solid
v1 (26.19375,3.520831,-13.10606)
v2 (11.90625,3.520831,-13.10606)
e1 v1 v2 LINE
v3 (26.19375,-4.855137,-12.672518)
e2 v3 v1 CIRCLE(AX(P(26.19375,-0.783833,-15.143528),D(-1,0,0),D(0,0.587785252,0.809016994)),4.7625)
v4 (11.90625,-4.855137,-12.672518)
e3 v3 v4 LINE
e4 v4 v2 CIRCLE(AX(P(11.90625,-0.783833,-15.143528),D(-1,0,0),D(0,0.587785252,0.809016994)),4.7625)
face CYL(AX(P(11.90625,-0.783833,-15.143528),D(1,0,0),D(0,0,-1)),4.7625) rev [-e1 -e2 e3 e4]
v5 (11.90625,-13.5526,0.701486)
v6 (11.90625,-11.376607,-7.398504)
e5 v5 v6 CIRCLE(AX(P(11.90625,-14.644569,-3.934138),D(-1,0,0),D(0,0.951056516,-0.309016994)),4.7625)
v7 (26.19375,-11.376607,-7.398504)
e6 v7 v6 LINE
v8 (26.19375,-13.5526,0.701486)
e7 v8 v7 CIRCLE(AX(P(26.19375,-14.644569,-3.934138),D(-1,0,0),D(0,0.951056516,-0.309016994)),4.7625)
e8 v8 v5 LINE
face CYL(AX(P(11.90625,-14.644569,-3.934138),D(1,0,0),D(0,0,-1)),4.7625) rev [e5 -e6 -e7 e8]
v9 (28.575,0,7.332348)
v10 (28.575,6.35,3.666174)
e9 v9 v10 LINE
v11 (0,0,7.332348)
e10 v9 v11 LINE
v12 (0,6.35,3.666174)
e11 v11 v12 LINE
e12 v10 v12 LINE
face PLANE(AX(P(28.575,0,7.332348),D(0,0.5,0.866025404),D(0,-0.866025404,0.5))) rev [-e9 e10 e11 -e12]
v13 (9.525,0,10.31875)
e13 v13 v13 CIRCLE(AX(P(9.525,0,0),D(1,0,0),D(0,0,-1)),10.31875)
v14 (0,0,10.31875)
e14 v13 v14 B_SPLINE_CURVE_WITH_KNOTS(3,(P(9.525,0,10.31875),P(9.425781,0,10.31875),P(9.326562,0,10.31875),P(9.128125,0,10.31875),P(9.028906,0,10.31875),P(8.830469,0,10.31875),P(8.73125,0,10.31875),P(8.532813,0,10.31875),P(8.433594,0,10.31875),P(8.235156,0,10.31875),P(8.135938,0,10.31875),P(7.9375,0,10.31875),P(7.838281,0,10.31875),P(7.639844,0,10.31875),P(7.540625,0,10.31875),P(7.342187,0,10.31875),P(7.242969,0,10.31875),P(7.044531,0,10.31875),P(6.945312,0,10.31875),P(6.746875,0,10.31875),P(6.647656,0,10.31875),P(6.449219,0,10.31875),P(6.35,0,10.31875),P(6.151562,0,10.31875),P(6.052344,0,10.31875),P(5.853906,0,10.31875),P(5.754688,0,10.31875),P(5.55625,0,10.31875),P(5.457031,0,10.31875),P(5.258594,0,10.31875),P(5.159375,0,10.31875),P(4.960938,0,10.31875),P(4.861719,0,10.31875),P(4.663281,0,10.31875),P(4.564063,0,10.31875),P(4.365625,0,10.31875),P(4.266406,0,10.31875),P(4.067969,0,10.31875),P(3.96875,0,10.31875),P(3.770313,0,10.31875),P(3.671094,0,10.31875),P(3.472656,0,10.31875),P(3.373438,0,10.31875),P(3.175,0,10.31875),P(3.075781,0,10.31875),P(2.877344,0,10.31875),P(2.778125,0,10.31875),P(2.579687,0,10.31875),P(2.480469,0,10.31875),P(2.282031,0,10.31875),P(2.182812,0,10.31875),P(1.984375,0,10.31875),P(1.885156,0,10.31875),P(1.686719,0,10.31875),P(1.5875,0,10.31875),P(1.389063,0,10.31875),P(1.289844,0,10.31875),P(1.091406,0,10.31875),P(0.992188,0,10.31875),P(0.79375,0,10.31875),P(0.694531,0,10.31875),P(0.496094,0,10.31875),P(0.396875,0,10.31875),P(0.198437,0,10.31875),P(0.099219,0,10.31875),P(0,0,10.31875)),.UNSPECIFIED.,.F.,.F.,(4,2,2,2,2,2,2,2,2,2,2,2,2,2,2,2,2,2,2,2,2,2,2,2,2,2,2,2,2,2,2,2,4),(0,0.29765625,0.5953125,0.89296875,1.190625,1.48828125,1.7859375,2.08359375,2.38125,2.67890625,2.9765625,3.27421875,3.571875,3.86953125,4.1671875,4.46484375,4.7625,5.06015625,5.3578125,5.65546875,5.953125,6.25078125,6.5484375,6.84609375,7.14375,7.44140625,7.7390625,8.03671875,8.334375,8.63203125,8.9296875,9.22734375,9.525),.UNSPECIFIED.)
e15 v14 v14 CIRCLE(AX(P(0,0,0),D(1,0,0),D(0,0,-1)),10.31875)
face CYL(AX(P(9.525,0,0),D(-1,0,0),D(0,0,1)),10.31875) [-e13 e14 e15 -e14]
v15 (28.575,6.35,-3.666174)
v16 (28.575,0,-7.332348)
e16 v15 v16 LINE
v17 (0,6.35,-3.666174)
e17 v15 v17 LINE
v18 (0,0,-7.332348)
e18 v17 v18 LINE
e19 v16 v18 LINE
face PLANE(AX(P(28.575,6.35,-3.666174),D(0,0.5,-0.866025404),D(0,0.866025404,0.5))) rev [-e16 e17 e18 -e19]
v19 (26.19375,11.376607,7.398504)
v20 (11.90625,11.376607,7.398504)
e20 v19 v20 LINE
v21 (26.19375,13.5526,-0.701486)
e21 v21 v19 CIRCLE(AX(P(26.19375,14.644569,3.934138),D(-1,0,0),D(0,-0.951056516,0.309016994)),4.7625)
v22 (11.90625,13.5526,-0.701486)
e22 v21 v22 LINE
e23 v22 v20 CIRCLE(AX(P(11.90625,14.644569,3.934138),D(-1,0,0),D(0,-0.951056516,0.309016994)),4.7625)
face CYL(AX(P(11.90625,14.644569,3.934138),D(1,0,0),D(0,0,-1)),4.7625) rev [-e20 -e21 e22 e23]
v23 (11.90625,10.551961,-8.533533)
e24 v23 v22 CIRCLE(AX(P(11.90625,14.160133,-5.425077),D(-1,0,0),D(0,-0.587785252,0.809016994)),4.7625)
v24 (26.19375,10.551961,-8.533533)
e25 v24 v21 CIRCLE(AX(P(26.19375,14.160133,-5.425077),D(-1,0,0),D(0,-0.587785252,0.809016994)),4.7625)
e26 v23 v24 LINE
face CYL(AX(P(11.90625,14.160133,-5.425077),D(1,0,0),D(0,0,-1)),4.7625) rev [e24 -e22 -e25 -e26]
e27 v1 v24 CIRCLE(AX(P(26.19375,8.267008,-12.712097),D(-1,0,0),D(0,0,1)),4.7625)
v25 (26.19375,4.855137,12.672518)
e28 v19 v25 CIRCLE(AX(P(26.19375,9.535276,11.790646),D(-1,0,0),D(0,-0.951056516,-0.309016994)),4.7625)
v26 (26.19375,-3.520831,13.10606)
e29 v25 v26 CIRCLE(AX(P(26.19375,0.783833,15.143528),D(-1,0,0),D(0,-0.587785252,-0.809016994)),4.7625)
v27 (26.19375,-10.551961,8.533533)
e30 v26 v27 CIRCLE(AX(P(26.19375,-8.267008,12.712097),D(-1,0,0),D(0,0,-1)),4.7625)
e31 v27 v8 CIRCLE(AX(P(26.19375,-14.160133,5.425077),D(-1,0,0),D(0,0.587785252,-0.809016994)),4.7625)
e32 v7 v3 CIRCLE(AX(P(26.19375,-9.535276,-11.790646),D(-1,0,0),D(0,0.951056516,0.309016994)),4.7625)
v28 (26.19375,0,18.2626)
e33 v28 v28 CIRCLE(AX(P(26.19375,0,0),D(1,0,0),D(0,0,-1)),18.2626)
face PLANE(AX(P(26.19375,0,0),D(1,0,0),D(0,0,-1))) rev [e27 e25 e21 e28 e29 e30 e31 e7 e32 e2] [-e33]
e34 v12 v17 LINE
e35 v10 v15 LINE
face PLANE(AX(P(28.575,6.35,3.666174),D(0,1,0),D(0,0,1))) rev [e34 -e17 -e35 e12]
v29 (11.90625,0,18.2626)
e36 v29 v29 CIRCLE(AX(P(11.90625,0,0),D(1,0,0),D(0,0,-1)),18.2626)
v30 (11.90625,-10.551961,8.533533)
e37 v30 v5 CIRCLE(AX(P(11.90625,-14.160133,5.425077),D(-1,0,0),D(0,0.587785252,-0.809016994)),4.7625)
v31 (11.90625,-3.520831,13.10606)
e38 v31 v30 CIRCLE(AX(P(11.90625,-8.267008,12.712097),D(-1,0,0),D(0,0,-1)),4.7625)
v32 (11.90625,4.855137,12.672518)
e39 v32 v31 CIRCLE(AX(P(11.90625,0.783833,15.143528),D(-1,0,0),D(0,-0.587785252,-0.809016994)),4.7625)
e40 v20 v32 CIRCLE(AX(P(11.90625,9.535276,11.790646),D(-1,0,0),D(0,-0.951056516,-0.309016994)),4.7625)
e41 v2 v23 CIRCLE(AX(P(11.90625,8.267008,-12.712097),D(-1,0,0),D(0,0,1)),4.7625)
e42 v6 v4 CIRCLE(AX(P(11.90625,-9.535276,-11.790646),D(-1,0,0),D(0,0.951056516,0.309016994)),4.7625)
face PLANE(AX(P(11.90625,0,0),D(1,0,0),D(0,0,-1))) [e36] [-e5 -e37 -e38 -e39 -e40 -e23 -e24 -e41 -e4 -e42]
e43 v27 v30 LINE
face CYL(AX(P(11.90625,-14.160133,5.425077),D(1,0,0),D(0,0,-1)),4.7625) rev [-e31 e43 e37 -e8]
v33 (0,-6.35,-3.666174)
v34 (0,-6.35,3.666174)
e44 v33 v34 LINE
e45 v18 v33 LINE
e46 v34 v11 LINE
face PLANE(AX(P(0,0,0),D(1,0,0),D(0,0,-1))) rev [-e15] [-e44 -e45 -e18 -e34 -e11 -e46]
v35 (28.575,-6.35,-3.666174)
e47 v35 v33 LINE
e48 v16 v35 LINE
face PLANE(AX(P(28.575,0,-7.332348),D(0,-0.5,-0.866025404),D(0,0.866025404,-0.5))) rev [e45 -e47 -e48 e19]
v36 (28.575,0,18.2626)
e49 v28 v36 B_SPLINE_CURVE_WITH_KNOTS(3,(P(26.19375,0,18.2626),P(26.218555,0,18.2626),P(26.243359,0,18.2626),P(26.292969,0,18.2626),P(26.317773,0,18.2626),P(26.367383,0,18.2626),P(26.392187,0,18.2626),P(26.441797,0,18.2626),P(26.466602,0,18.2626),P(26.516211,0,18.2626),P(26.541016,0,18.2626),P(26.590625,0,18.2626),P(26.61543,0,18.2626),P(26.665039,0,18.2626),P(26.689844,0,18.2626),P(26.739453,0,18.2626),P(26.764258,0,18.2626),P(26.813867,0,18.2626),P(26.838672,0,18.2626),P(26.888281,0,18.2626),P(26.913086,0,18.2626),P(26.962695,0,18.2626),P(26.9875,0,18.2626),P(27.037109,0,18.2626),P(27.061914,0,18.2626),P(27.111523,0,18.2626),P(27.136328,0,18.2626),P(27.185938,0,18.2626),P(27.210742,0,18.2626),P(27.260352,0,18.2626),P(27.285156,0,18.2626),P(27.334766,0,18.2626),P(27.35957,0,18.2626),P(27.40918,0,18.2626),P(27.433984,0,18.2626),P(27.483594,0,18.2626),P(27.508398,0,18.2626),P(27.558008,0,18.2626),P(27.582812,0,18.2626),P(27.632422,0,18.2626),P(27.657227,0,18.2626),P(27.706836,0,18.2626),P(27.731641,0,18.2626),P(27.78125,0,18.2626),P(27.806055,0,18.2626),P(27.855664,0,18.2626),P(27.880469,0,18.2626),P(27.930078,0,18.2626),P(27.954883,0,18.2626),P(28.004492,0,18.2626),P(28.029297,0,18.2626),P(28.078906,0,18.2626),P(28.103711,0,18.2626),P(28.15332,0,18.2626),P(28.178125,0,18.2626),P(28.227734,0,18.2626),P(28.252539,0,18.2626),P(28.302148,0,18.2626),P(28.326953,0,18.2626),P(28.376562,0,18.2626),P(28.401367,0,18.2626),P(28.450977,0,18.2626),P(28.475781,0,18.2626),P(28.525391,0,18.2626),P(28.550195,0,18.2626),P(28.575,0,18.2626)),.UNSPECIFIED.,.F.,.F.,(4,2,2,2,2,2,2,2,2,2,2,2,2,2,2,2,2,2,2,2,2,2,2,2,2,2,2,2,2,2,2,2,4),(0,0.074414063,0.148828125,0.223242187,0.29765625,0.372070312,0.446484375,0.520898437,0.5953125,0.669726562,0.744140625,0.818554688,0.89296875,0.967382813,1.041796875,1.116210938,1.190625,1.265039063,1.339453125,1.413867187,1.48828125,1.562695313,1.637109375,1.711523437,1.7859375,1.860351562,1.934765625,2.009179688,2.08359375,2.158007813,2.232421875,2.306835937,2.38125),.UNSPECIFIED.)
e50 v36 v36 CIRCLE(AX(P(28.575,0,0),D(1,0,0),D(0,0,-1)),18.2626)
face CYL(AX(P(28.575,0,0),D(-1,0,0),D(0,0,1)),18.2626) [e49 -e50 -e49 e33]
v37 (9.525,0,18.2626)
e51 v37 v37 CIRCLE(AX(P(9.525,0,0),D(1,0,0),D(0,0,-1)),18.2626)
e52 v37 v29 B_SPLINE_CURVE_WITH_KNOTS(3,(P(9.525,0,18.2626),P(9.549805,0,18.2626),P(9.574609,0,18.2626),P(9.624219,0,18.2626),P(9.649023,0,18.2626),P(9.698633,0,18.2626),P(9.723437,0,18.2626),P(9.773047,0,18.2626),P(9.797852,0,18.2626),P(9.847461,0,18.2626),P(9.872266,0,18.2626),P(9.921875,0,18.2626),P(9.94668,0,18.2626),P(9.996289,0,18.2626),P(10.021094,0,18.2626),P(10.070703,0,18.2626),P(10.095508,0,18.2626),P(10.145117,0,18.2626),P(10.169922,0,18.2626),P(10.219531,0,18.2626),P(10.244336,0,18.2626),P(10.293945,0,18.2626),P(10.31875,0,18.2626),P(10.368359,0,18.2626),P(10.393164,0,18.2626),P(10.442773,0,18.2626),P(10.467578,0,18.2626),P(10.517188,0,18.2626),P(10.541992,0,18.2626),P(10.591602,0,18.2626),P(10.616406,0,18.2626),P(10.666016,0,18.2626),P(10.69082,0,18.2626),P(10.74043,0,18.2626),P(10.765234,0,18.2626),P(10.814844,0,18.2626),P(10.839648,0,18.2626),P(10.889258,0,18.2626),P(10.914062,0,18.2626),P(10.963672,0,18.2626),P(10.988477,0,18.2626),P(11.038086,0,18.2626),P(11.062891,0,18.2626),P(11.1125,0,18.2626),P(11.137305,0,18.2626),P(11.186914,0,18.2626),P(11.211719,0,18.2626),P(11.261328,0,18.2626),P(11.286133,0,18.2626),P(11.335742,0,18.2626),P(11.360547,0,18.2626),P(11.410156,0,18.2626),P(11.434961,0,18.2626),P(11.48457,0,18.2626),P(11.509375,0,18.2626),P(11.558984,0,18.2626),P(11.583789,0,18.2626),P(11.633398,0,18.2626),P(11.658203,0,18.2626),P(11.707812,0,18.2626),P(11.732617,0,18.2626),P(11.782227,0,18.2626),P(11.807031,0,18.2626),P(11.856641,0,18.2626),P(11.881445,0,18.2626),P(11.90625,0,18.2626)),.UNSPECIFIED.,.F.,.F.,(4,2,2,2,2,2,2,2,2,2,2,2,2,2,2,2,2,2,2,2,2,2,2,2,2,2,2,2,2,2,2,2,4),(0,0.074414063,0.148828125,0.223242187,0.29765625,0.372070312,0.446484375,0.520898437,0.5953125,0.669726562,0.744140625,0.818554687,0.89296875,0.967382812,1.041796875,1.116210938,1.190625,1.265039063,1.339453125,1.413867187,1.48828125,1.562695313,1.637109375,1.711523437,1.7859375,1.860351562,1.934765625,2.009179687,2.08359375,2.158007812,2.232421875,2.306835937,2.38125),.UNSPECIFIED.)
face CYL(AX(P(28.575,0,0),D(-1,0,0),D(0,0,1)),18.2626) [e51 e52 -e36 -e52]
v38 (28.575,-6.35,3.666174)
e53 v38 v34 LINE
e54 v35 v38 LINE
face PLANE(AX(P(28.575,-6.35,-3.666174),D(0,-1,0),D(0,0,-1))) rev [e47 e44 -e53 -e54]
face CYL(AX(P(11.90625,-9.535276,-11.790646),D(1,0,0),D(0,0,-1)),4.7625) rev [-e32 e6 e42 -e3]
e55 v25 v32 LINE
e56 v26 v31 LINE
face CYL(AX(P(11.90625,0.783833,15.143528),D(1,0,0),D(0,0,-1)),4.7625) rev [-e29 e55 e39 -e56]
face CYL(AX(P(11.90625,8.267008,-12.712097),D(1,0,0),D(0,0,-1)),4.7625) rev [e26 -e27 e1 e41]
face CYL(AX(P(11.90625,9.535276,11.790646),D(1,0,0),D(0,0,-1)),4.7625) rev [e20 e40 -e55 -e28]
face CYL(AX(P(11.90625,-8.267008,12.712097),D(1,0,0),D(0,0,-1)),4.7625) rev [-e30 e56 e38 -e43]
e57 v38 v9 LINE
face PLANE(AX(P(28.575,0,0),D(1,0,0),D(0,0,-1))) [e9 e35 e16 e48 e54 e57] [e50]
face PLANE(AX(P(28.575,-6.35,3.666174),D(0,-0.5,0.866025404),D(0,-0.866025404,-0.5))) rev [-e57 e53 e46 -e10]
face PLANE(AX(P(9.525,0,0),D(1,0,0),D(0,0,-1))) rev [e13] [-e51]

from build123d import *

# Parameters (mm, degrees)
SKETCH1_R           = 10.31875
BOSS_EXTRUDE1_DEPTH = 9.525
SKETCH2_R           = 18.2626
BOSS_EXTRUDE2_DEPTH = 19.05
CUT_EXTRUDE1_START  = -2.38125
SKETCH3_OUTSIDE_W   = 50.332
SKETCH3_OUTSIDE_H   = 50.332
SKETCH3_OUTSIDE_R   = 15.1638
CUT_EXTRUDE1_DEPTH  = 14.2875
CUT_EXTRUDE2_DEPTH  = 14.2875
CIRPATTERN1_COUNT   = 10
CUT_EXTRUDE3_DEPTH  = 39.517213587


with BuildPart() as part:
    # Sketch1 → Boss-Extrude1 (new body)
    with BuildSketch(Plane(origin=(0, 0, 0), x_dir=(0, 0, -1), z_dir=(1, 0, 0))):
        Circle(SKETCH1_R)
    extrude(amount=BOSS_EXTRUDE1_DEPTH)

    # Sketch2 → Boss-Extrude2 (add)
    with BuildSketch(Plane(origin=(9.525, 0, 0), x_dir=(0, 0, -1), z_dir=(1, 0, 0))):
        Circle(SKETCH2_R)
    extrude(amount=BOSS_EXTRUDE2_DEPTH)

    # Sketch3 outside → Cut-Extrude1 (cut)
    with BuildSketch(Plane(origin=(28.575, 0, 0), x_dir=(0, 0, -1), z_dir=(1, 0, 0)).offset(CUT_EXTRUDE1_START)):
        Rectangle(SKETCH3_OUTSIDE_W, SKETCH3_OUTSIDE_H)
        Circle(SKETCH3_OUTSIDE_R, mode=Mode.SUBTRACT)
    extrude(amount=-CUT_EXTRUDE1_DEPTH, mode=Mode.SUBTRACT)

    # Sketch4 → Cut-Extrude2 (cut)
    with BuildSketch(Plane.ZY.offset(-26.19375)):
        with BuildLine():
            ThreePointArc((-7.949596792, 8.267008262), (-8.360122852, 10.201363213), (-9.520926588, 11.80223654))
            ThreePointArc((-9.520926588, 11.80223654), (-12.712096792, 8.267008262), (-14.649343405, 3.916320752))
            ThreePointArc((-14.649343405, 3.916320752), (-10.11832837, 4.272790989), (-7.949596792, 8.267008262))
        make_face()
    cut_extrude2 = extrude(amount=CUT_EXTRUDE2_DEPTH, mode=Mode.SUBTRACT)

    # CirPattern1: Cut-Extrude2 ×10 about axis
    cirpattern1_axis = Axis((9.525, 0, 0), (-1, 0, 0))
    for i in range(1, CIRPATTERN1_COUNT):
        add(cut_extrude2.rotate(cirpattern1_axis, i * 360 / CIRPATTERN1_COUNT), mode=Mode.SUBTRACT)

    # Sketch5 → Cut-Extrude3 (cut, through all)
    with BuildSketch(Plane.ZY):
        Polygon((-7.332348419, 0), (-3.666174209, -6.35), (3.666174209, -6.35), (7.332348419, 0), (3.666174209, 6.35), (-3.666174209, 6.35), align=None)
    extrude(amount=-CUT_EXTRUDE3_DEPTH, mode=Mode.SUBTRACT)


solid = part.part
